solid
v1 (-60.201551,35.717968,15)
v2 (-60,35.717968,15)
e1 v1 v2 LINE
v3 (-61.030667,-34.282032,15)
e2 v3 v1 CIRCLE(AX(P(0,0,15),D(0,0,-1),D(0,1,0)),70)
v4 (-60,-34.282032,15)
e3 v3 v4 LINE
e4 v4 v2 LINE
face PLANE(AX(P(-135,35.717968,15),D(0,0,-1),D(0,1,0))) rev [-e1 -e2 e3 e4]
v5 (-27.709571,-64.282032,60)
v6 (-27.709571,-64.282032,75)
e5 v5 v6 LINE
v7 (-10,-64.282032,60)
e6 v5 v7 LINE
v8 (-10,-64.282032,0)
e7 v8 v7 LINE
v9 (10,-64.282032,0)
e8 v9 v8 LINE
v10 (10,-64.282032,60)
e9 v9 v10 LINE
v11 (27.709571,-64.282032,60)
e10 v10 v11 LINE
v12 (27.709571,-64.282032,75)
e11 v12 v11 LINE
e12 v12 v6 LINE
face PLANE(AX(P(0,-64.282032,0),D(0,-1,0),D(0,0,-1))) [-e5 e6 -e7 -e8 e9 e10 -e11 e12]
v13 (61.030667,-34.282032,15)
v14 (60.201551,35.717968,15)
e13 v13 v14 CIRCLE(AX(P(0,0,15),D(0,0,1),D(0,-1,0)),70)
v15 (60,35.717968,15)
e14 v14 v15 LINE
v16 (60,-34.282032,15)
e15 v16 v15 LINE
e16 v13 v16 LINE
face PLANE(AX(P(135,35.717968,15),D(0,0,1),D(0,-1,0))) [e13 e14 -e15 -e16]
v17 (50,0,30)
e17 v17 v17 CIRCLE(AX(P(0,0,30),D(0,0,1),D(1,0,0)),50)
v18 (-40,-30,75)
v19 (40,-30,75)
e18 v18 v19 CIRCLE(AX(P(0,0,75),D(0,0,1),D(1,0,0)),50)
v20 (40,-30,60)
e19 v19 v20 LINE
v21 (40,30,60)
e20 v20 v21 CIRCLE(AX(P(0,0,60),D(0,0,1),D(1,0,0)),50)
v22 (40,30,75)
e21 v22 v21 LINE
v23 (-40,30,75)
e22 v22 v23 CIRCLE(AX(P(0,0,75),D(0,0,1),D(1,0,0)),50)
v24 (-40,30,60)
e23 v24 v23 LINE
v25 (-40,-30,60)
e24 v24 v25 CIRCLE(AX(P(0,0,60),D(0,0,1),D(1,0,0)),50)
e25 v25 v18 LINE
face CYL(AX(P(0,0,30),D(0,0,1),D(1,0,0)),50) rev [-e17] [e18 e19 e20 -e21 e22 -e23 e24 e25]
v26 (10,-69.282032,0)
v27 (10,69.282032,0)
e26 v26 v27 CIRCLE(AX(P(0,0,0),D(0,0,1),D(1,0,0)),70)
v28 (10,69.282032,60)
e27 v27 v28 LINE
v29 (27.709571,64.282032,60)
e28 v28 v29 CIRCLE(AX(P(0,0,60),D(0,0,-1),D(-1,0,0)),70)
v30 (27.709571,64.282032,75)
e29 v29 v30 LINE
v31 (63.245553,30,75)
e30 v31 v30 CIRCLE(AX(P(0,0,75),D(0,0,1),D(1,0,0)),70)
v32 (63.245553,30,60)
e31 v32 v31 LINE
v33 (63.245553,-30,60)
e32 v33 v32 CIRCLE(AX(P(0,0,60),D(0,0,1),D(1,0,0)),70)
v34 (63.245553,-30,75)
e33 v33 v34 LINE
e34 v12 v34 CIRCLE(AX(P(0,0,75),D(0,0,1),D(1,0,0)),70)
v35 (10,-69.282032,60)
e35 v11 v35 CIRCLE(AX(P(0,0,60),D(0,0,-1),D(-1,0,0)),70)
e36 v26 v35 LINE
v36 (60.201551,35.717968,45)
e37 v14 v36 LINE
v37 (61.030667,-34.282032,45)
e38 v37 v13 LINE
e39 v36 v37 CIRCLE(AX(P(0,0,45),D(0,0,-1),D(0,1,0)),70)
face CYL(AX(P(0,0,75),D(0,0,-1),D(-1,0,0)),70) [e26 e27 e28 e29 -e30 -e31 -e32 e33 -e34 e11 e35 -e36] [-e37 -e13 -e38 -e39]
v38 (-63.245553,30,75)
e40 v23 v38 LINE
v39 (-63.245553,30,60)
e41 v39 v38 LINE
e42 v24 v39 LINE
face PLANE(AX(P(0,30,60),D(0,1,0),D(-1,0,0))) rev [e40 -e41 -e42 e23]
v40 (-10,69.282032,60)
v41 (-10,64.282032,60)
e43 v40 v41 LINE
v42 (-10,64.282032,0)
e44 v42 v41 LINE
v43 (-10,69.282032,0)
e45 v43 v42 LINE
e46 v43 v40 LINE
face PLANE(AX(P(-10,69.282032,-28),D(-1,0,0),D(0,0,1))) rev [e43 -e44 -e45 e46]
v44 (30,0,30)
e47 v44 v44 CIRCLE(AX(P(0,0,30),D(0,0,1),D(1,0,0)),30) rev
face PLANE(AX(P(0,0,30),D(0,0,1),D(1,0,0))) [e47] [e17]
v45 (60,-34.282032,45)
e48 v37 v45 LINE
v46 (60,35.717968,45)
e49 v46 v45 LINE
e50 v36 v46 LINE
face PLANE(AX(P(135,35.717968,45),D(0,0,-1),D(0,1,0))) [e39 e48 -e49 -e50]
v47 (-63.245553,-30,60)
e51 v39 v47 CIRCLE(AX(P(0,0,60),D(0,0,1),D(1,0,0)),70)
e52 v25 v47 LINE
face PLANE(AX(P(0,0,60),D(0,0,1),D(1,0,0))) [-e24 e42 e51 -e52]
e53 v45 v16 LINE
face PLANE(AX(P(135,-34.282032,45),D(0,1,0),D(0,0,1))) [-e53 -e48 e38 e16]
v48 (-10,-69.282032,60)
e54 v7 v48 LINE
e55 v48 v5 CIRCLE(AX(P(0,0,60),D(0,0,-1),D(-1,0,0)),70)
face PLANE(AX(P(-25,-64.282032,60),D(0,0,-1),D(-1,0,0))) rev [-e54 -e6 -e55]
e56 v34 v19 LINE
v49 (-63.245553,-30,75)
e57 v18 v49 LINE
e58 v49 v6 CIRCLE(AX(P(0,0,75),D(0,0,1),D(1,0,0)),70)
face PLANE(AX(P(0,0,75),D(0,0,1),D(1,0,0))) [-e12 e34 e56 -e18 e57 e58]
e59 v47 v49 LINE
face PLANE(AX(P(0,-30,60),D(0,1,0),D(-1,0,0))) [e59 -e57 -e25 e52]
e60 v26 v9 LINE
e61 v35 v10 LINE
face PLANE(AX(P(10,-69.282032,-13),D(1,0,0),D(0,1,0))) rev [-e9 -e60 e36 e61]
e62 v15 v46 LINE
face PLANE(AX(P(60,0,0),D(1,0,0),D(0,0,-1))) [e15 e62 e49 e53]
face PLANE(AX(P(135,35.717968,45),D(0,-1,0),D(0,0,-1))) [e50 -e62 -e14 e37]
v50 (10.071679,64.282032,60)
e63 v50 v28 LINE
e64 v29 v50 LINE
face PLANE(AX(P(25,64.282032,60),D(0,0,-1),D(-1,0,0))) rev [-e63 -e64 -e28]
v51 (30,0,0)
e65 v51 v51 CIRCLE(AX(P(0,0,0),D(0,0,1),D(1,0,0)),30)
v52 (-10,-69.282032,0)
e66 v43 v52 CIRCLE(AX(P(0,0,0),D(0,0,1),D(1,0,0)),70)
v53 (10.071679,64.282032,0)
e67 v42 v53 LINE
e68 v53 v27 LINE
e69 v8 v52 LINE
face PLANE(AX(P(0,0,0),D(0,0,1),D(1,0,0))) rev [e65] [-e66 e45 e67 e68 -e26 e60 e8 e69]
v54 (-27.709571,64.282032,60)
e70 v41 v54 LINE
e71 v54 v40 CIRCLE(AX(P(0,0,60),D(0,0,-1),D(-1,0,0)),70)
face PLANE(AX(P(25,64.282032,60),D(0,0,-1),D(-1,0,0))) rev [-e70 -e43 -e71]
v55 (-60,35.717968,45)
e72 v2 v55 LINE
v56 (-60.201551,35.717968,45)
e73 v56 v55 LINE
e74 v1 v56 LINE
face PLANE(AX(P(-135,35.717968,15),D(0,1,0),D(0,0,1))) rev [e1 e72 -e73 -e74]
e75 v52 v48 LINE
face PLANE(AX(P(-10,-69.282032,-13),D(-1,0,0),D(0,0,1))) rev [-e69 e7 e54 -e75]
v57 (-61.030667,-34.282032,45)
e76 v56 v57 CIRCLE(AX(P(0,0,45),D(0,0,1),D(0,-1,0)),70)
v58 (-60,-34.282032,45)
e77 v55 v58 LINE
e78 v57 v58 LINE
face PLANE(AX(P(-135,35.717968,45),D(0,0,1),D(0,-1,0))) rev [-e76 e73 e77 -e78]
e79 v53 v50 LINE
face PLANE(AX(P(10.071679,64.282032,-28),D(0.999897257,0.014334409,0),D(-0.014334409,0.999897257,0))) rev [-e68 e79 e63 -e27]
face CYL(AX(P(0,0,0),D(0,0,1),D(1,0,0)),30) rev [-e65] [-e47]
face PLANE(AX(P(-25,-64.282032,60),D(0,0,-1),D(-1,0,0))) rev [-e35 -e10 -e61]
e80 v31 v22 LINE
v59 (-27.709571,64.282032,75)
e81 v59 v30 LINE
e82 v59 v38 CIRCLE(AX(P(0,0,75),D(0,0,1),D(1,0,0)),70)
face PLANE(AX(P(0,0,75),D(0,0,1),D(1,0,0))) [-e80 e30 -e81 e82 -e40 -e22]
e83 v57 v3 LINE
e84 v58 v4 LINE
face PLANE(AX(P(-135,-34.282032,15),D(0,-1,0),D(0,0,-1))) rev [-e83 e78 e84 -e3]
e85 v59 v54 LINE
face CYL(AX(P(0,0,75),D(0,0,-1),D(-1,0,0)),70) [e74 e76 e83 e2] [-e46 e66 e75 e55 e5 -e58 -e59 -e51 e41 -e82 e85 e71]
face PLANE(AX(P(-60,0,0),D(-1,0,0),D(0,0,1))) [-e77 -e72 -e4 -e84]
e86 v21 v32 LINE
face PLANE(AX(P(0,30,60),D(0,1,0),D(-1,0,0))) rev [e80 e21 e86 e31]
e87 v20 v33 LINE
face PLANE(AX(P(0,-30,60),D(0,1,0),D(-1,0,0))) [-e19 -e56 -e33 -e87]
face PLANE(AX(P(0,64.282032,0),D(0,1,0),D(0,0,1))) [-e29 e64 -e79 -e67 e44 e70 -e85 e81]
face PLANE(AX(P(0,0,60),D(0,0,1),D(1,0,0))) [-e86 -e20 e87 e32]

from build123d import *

# Parameters (mm, degrees)
SKETCH1_R           = 70
BOSS_EXTRUDE1_DEPTH = 75
SKETCH2_R           = 30
CUT_EXTRUDE1_DEPTH  = 75
CUT_EXTRUDE2_DEPTH  = 75
CUT_EXTRUDE3_DEPTH  = 75
SKETCH5_W           = 30
SKETCH5_H           = 70
CUT_EXTRUDE5_DEPTH  = 75
SKETCH6_W           = 30
SKETCH6_H           = 70
CUT_EXTRUDE6_DEPTH  = 75
SKETCH7_W           = 50
SKETCH7_H           = 15
CUT_EXTRUDE11_DEPTH = 5
CUT_EXTRUDE12_DEPTH = 88
SKETCH12_W          = 15
SKETCH12_H          = 1.10145185
CUT_EXTRUDE14_DEPTH = 88
SKETCH13_W          = 15
SKETCH13_H          = 1.10145185
CUT_EXTRUDE15_DEPTH = 88
SKETCH14_W          = 50
SKETCH14_H          = 15
CUT_EXTRUDE16_DEPTH = 5
SKETCH15_W          = 20
SKETCH15_H          = 5
CUT_EXTRUDE17_DEPTH = 73
SKETCH16_W          = 15
SKETCH16_H          = 1.10145185
CUT_EXTRUDE18_DEPTH = 73
SKETCH17_W          = 15
SKETCH17_H          = 1.10145185
CUT_EXTRUDE19_DEPTH = 73
CUT_EXTRUDE20_DEPTH = 15
SKETCH20_R          = 50
CUT_EXTRUDE21_DEPTH = 45


with BuildPart() as part:
    # Sketch1 → Boss-Extrude1 (new body)
    with BuildSketch(Plane.XY):
        Circle(SKETCH1_R)
    extrude(amount=BOSS_EXTRUDE1_DEPTH)

    # Sketch2 → Cut-Extrude1 (cut)
    with BuildSketch(Plane.XY.offset(75)):
        Circle(SKETCH2_R)
    extrude(amount=-CUT_EXTRUDE1_DEPTH, mode=Mode.SUBTRACT)

    # Sketch3 → Cut-Extrude2 (cut)
    with BuildSketch(Plane.XY.offset(75)):
        with BuildLine():
            Line((-10, 69.282032303), (10, 69.282032303))
            ThreePointArc((10, 69.282032303), (0, 70), (-10, 69.282032303))
        make_face()
    extrude(amount=-CUT_EXTRUDE2_DEPTH, mode=Mode.SUBTRACT)

    # Sketch4 → Cut-Extrude3 (cut)
    with BuildSketch(Plane.XY.offset(75)):
        with BuildLine():
            ThreePointArc((-10, -69.282032303), (0, -70), (10, -69.282032303))
            Line((10, -69.282032303), (-10, -69.282032303))
        make_face()
    extrude(amount=-CUT_EXTRUDE3_DEPTH, mode=Mode.SUBTRACT)

    # Sketch5 → Cut-Extrude5 (cut)
    with BuildSketch(Plane(origin=(-60, 0, 0), x_dir=(0, 0, -1), z_dir=(1, 0, 0))):
        with Locations((-30, 0.717967697)):
            Rectangle(SKETCH5_W, SKETCH5_H)
    extrude(amount=-CUT_EXTRUDE5_DEPTH, mode=Mode.SUBTRACT)

    # Sketch6 → Cut-Extrude6 (cut)
    with BuildSketch(Plane(origin=(60, 0, 0), x_dir=(0, 0, -1), z_dir=(1, 0, 0))):
        with Locations((-30, 0.717967697)):
            Rectangle(SKETCH6_W, SKETCH6_H)
    extrude(amount=CUT_EXTRUDE6_DEPTH, mode=Mode.SUBTRACT)

    # Sketch7 → Cut-Extrude11 (cut)
    with BuildSketch(Plane(origin=(0, 69.282032303, 0), x_dir=(1, 0, 0), z_dir=(0, 1, 0))):
        with Locations((0, -67.5)):
            Rectangle(SKETCH7_W, SKETCH7_H)
    extrude(amount=-CUT_EXTRUDE11_DEPTH, mode=Mode.SUBTRACT)

    # Sketch10 → Cut-Extrude12 (cut)
    with BuildSketch(Plane.XY.offset(60)):
        Polygon((-10, 69.282032303), (-10, 64.282032303), (10.07167941, 64.282032303), (10, 69.282032303), align=None)
    extrude(amount=-CUT_EXTRUDE12_DEPTH, mode=Mode.SUBTRACT)

    # Sketch12 → Cut-Extrude14 (cut)
    with BuildSketch(Plane(origin=(-25, 0, 0), x_dir=(0, 0, -1), z_dir=(1, 0, 0))):
        with Locations((-67.5, 64.832758228)):
            Rectangle(SKETCH12_W, SKETCH12_H)
    extrude(amount=-CUT_EXTRUDE14_DEPTH, mode=Mode.SUBTRACT)

    # Sketch13 → Cut-Extrude15 (cut)
    with BuildSketch(Plane.ZY.offset(-25)):
        with Locations((67.5, 64.832758228)):
            Rectangle(SKETCH13_W, SKETCH13_H)
    extrude(amount=-CUT_EXTRUDE15_DEPTH, mode=Mode.SUBTRACT)

    # Sketch14 → Cut-Extrude16 (cut)
    with BuildSketch(Plane.XZ.offset(69.282032303)):
        with Locations((0, 67.5)):
            Rectangle(SKETCH14_W, SKETCH14_H)
    extrude(amount=-CUT_EXTRUDE16_DEPTH, mode=Mode.SUBTRACT)

    # Sketch15 → Cut-Extrude17 (cut)
    with BuildSketch(Plane.XY.offset(60)):
        with Locations((0, -66.782032303)):
            Rectangle(SKETCH15_W, SKETCH15_H)
    extrude(amount=-CUT_EXTRUDE17_DEPTH, mode=Mode.SUBTRACT)

    # Sketch16 → Cut-Extrude18 (cut)
    with BuildSketch(Plane.ZY.offset(-25)):
        with Locations((67.5, -64.832758228)):
            Rectangle(SKETCH16_W, SKETCH16_H)
    extrude(amount=-CUT_EXTRUDE18_DEPTH, mode=Mode.SUBTRACT)

    # Sketch17 → Cut-Extrude19 (cut)
    with BuildSketch(Plane(origin=(-25, 0, 0), x_dir=(0, 0, -1), z_dir=(1, 0, 0))):
        with Locations((-67.5, -64.832758228)):
            Rectangle(SKETCH17_W, SKETCH17_H)
    extrude(amount=-CUT_EXTRUDE19_DEPTH, mode=Mode.SUBTRACT)

    # Sketch18 → Cut-Extrude20 (cut)
    with BuildSketch(Plane.XY.offset(75)):
        with BuildLine():
            ThreePointArc((0, -30), (-30, 0), (0, 30))
            Line((0, 30), (-63.245553203, 30))
            ThreePointArc((-63.245553203, 30), (-70, 0), (-63.245553203, -30))
            Line((-63.245553203, -30), (0, -30))
        make_face()
        with BuildLine():
            Line((63.245553203, 30), (0, 30))
            ThreePointArc((0, 30), (21.213203436, 21.213203436), (30, 0))
            ThreePointArc((30, 0), (21.213203436, -21.213203436), (0, -30))
            Line((0, -30), (63.245553203, -30))
            ThreePointArc((63.245553203, -30), (70, 0), (63.245553203, 30))
        make_face()
    extrude(amount=-CUT_EXTRUDE20_DEPTH, mode=Mode.SUBTRACT)

    # Sketch20 → Cut-Extrude21 (cut)
    with BuildSketch(Plane.XY.offset(75)):
        Circle(SKETCH20_R)
    extrude(amount=-CUT_EXTRUDE21_DEPTH, mode=Mode.SUBTRACT)


solid = part.part
